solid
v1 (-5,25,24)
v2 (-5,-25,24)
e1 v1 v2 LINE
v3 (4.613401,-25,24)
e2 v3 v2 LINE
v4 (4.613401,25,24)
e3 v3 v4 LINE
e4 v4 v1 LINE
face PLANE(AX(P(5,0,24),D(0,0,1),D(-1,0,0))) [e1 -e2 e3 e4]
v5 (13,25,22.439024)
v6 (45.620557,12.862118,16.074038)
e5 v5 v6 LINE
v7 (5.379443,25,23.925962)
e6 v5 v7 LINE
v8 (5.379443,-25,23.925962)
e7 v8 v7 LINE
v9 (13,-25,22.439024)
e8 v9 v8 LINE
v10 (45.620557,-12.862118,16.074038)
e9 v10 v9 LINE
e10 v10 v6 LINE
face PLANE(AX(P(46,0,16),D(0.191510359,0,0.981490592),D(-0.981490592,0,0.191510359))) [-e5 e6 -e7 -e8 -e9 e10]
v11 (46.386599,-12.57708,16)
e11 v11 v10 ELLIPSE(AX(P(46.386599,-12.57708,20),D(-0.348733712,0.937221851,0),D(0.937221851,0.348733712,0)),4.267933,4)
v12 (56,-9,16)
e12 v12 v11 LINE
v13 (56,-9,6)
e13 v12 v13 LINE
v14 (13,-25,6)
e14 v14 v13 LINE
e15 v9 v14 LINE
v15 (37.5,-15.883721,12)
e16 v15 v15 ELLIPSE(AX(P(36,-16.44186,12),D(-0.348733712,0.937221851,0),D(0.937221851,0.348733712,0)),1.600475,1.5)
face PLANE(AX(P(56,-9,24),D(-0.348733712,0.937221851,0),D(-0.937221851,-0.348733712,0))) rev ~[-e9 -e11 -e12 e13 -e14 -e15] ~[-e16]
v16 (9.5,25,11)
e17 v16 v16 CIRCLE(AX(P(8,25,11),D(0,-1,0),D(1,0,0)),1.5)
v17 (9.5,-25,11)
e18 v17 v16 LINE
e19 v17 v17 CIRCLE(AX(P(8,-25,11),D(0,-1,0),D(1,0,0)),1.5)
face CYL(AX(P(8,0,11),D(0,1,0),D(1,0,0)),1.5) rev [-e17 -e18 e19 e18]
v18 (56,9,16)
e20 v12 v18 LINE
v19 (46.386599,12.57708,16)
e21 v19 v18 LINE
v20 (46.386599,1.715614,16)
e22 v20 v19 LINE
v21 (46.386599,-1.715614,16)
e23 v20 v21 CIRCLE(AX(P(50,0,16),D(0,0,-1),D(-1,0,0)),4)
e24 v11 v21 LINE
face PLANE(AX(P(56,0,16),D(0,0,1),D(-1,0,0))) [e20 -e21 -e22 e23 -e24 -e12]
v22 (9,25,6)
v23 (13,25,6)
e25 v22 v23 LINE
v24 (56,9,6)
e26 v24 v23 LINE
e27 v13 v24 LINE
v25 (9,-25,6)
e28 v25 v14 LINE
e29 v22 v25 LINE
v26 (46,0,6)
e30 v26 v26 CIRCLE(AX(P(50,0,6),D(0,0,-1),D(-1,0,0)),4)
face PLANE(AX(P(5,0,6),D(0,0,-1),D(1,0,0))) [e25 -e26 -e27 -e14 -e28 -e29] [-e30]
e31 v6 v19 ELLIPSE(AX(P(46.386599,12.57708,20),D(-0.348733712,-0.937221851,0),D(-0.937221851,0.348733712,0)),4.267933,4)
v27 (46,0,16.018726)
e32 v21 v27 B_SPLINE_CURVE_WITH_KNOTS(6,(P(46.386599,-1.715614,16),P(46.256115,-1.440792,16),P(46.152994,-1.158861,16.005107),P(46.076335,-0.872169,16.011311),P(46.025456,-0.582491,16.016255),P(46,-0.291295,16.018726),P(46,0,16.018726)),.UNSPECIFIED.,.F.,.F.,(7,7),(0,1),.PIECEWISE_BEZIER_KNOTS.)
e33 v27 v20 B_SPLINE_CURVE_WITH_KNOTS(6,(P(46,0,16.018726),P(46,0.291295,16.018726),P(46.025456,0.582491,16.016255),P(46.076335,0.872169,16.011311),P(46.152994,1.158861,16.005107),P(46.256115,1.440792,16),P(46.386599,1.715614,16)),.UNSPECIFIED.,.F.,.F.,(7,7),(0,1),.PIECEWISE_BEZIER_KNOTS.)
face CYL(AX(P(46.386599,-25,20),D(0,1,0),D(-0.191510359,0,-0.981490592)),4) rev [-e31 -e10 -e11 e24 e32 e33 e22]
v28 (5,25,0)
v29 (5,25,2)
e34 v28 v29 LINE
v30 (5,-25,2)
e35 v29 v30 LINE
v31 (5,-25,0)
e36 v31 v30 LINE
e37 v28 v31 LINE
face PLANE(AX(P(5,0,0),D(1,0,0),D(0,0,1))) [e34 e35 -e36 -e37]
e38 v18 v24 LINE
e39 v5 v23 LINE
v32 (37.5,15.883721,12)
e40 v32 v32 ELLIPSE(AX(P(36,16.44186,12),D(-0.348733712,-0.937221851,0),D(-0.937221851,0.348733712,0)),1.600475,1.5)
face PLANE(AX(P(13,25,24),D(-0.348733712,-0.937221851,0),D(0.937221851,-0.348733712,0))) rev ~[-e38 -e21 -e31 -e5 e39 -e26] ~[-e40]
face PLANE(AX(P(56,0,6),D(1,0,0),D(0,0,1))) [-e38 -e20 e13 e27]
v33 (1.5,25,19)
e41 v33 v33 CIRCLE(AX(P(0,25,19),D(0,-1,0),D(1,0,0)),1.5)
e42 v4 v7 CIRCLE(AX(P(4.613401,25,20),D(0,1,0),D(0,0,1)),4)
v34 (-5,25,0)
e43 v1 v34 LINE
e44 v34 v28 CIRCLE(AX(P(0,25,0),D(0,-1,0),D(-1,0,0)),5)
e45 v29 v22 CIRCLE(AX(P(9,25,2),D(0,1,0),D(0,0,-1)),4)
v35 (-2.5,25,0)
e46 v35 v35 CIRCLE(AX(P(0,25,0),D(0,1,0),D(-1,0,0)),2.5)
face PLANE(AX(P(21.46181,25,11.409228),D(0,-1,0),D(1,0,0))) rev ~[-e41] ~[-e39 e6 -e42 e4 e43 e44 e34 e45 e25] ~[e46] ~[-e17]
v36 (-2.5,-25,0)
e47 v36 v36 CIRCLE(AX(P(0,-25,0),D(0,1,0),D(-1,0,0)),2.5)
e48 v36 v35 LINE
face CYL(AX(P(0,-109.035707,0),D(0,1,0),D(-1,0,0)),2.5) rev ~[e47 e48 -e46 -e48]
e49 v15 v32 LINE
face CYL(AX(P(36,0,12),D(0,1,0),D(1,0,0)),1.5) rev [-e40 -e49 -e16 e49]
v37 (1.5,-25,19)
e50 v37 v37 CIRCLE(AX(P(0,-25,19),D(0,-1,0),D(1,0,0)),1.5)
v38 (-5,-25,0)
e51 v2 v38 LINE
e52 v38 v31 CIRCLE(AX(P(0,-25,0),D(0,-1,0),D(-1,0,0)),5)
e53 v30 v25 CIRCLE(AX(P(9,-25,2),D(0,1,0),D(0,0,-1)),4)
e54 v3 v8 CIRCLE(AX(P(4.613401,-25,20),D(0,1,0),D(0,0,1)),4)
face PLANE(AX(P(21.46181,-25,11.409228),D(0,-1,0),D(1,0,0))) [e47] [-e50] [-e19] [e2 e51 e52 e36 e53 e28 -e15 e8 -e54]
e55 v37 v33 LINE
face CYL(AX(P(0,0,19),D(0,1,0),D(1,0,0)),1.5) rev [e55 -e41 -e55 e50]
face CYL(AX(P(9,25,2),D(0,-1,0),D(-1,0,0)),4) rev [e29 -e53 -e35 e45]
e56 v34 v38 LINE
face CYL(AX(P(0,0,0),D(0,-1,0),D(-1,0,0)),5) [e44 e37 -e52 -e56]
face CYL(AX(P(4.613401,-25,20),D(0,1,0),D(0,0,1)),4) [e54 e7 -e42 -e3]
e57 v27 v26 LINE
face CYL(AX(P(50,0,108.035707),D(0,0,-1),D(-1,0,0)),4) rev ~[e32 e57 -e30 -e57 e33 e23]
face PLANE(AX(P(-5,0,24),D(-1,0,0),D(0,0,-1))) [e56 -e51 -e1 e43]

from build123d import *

# Parameters (mm, degrees)
F0_R     = 1.5
F1_DEPTH = 25
F3_D     = 5
F4_R     = 4
F6_D     = 8
F8_DEPTH = 29.001


with BuildPart() as f1:
    # F0 (on Front) → F1 (new body, symmetric)
    with BuildSketch(Plane.XZ):
        with BuildLine():
            Line((5, 24), (-5, 24))
            Line((-5, 24), (-5, 0))
            ThreePointArc((-5, 0), (0, -5), (5, 0))
            Line((5, 0), (5, 6))
            Line((5, 6), (56, 6))
            Line((56, 6), (56, 16))
            Line((56, 16), (46, 16))
            Line((46, 16), (5, 24))
        make_face()
        with Locations((8, 11)):
            Circle(F0_R, mode=Mode.SUBTRACT)
        with Locations((0, 19)):
            Circle(F0_R, mode=Mode.SUBTRACT)
        with Locations((36, 12)):
            Circle(F0_R, mode=Mode.SUBTRACT)
    extrude(amount=F1_DEPTH, both=True)

    # F3 (through all)
    with Locations(Plane.XZ.offset(25)):
        with Locations((0, 0)):
            Hole(F3_D / 2)

    # F4
    f4_edges = [f1.edges().sort_by_distance(p)[0] for p in [
        (5, 0, 6),
        (5, 0, 24),
        (46, 0, 16),
    ]]
    fillet(f4_edges, radius=F4_R)

    # F6 (through all)
    with Locations(Plane.XY.offset(24)):
        with Locations((50, 0)):
            Hole(F6_D / 2)

    # F7 (on face) → F8 (cut, through all)
    with BuildSketch(Plane.XY.offset(24)):
        Polygon((13, 45), (13, 25), (56, 9), (56, -9), (13, -25), (13, -45), (76, -45), (76, 45), align=None)
    extrude(amount=-F8_DEPTH, mode=Mode.SUBTRACT)


solid = f1.part
